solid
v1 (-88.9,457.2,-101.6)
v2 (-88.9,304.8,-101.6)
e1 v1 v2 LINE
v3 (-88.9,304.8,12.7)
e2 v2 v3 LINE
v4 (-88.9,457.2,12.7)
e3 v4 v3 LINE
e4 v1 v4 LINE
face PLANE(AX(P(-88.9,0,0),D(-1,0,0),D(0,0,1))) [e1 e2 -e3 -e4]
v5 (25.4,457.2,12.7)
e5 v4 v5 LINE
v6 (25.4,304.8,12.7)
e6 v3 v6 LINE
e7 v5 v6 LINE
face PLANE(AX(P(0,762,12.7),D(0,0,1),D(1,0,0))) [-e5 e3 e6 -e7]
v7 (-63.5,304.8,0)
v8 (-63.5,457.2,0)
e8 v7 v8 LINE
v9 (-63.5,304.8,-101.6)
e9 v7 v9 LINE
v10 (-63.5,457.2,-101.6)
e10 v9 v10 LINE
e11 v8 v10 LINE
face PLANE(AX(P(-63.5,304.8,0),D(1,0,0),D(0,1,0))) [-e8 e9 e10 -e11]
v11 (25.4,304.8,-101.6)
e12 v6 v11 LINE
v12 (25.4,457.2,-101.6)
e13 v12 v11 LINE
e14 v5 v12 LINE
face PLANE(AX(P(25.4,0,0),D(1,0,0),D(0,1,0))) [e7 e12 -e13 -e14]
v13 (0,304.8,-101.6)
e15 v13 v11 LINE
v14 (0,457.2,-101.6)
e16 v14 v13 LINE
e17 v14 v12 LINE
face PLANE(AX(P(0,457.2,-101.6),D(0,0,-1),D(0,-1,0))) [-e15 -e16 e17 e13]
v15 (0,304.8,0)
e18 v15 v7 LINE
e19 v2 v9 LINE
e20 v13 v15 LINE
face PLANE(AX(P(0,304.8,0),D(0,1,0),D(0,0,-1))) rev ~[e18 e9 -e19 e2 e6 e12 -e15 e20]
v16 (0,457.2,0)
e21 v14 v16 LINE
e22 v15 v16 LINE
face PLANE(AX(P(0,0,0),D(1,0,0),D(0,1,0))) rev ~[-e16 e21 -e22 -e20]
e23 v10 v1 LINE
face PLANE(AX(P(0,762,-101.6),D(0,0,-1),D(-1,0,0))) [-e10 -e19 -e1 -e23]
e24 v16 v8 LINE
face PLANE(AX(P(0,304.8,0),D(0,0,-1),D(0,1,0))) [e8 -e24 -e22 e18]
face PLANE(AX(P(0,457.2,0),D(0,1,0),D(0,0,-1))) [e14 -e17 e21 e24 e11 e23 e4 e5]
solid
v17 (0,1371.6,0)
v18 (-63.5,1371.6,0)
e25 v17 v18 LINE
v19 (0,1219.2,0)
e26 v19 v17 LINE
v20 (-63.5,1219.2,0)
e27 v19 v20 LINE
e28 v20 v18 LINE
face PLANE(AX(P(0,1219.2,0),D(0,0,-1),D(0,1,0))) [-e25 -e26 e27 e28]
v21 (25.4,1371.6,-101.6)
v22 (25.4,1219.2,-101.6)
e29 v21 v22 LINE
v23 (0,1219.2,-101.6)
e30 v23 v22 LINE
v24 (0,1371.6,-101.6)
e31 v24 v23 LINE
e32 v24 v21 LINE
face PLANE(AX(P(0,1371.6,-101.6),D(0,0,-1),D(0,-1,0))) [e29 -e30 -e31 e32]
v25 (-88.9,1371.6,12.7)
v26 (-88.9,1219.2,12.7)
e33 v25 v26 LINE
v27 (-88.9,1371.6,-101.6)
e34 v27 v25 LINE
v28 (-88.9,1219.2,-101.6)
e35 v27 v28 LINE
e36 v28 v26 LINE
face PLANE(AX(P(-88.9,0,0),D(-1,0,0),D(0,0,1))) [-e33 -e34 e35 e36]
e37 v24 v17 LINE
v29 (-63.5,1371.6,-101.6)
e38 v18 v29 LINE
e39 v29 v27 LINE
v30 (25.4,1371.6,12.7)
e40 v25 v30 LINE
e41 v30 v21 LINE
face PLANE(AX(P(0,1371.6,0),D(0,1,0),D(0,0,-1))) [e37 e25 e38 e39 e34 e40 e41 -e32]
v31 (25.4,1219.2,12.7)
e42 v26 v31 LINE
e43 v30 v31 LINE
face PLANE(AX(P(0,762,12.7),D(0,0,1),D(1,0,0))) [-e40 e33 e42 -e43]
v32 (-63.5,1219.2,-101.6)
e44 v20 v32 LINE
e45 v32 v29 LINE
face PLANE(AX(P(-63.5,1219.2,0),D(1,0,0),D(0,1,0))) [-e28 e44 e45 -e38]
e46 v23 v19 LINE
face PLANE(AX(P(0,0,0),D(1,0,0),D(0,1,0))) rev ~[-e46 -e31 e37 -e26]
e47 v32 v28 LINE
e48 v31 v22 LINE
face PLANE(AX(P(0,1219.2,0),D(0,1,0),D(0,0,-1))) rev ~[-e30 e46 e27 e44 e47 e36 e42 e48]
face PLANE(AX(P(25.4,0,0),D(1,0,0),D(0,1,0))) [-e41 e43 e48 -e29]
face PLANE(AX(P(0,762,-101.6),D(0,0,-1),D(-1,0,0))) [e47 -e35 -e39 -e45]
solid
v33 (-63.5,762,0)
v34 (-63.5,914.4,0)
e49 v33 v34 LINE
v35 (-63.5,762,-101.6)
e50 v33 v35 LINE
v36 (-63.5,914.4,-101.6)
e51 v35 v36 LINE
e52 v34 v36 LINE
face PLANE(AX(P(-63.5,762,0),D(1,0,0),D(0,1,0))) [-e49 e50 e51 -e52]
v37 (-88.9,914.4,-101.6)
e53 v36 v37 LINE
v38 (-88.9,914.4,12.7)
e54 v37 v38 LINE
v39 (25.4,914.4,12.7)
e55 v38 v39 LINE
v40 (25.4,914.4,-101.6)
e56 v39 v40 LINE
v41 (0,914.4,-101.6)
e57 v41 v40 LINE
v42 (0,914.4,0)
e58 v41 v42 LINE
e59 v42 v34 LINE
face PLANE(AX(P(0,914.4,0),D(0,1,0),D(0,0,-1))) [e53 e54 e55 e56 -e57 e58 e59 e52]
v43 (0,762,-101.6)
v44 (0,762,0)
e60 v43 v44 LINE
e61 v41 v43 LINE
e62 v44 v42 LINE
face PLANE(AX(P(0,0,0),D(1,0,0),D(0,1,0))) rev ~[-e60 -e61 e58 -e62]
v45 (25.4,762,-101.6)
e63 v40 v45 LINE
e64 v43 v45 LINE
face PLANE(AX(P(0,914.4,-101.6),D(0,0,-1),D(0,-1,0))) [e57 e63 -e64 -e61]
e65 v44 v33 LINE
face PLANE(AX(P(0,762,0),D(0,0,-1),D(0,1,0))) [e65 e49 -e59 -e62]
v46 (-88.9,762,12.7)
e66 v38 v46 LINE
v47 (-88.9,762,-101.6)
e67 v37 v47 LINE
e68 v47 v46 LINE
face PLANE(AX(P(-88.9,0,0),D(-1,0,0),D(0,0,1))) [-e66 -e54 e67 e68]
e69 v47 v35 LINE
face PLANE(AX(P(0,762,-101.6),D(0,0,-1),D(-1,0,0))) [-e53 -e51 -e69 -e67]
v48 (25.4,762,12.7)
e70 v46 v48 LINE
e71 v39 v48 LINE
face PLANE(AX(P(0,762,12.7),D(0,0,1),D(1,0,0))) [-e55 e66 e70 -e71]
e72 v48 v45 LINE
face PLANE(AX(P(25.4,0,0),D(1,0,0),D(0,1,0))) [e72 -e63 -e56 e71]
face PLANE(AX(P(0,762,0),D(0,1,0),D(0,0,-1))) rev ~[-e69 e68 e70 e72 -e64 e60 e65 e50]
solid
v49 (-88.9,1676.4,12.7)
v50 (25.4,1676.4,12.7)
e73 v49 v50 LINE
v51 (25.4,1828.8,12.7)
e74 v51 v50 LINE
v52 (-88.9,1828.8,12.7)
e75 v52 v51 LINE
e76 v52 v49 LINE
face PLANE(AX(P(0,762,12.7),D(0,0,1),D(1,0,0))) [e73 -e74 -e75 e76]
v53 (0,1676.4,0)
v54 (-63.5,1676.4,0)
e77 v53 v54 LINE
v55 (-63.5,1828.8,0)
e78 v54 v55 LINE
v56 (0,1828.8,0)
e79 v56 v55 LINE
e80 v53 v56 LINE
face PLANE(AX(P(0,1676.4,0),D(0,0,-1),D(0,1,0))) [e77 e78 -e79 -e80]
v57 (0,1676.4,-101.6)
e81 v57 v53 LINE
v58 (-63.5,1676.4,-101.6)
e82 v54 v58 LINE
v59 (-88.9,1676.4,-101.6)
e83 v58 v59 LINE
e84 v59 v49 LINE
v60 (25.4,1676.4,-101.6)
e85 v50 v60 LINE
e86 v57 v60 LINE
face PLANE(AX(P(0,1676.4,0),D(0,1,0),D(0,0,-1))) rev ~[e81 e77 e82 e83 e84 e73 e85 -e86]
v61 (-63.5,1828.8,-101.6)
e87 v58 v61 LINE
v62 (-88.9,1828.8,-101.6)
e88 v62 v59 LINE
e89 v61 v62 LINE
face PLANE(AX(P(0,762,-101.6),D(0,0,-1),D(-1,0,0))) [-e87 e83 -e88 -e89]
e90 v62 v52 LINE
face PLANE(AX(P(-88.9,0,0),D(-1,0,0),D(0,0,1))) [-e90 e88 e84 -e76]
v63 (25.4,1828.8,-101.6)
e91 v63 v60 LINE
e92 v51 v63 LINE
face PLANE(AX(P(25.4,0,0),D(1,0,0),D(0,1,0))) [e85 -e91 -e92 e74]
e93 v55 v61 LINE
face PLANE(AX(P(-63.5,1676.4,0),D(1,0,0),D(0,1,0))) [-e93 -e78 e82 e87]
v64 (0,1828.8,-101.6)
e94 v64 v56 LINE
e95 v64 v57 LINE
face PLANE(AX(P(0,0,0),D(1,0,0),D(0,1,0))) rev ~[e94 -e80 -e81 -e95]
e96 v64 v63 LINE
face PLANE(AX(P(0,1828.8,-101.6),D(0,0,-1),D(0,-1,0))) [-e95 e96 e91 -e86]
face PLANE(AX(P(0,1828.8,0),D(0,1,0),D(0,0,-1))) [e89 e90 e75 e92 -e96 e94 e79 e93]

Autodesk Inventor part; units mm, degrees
sketch "Sketch2" plane through (0, 0, 0) normal (1, 0, 0) x (0, 1, 0)
  line L0 (0, 0) -> (0, -1828.8)
  line L1 (0, 0) -> (2133.6, 0)
  line L2 (2133.6, 0) -> (0, -1828.8)
  line L3 (0, 0) -> (152.4, 0)
  line L4 (152.4, 0) -> (685.8, 0)
  line L5 (2133.6, 0) -> (1981.2, 0)
  line L6 (1981.2, 0) -> (1854.2, 0)
  line L7 (1854.2, 0) -> (1549.4, 0)
  line L8 (1549.4, 0) -> (1422.4, 0)
  line L9 (1422.4, 0) -> (1117.6, 0)
  line L10 (1117.6, 0) -> (990.6, 0)
  line L11 (990.6, 0) -> (685.8, 0)
  line L12 (685.8, 0) -> (558.8, 0)
  line L13 (558.8, 0) -> (254, 0)
  line L14 (0, 0) -> (304.8, 0)
  line L15 (304.8, 0) -> (457.2, 0)
  line L16 (457.2, 0) -> (762, 0)
  line L17 (762, 0) -> (914.4, 0)
  line L18 (914.4, 0) -> (1219.2, 0)
  line L19 (1219.2, 0) -> (1371.6, 0)
  line L20 (1371.6, 0) -> (1676.4, 0)
  line L21 (1676.4, 0) -> (1828.8, 0)
  line L22 (304.8, 0) -> (304.8, -101.6)
  line L23 (457.2, 0) -> (457.2, -101.6)
  line L24 (762, 0) -> (762, -101.6)
  line L25 (914.4, 0) -> (914.4, -101.6)
  line L26 (1219.2, 0) -> (1219.2, -101.6)
  line L27 (1371.6, 0) -> (1371.6, -101.6)
  line L28 (1676.4, 0) -> (1676.4, -101.6)
  line L29 (1828.8, 0) -> (1828.8, -101.6)
  line L30 (1828.8, -101.6) -> (1676.4, -101.6)
  line L31 (1371.6, -101.6) -> (1219.2, -101.6)
  line L32 (914.4, -101.6) -> (762, -101.6)
  line L33 (457.2, -101.6) -> (304.8, -101.6)
  point P0 (304.8, -1567.5429)
  point P1 (457.2, -1436.9143)
  point P2 (762, -1175.6571)
  point P3 (914.4, -1045.0286)
  point P4 (1219.2, -783.7714)
  point P5 (1371.6, -653.1429)
  point P6 (1676.4, -391.8857)
  point P7 (1828.8, -261.2571)
  dimension "d1" = 1828.8
  dimension "d3" = 152.4
  dimension "d5" = 152.4
  dimension "d14" = 304.8
  dimension "d15" = 152.4
  dimension "d16" = 304.8
  dimension "d17" = 152.4
  dimension "d18" = 304.8
  dimension "d19" = 152.4
  dimension "d20" = 304.8
  dimension "d21" = 152.4
  dimension "d24" = 2133.6
  dimension "d27" = 101.6
  dimension "d28" = 101.6
  dimension "d29" = 101.6
extrude "Extrusion1" add sketch "Sketch2" along normal blind 25.4 contours L1 L23 L33 L22 | L29 L30 L28 L1 | L1 L25 L32 L24 | L27 L31 L26 L1
ref_plane "Work Plane3" through (12.7, 914.4, 0) normal (0, 0, 1) x (1, 0, 0)
sketch "Sketch5" plane through (0, 762, 0) normal (0, 0, 1) x (1, 0, 0)
  line L0 (25.4, -304.8) -> (25.4, -457.2) projected
  line L1 (0, -304.8) -> (25.4, -304.8) projected
  line L2 (25.4, -457.2) -> (0, -457.2)
  line L3 (0, -457.2) -> (0, -304.8)
  line L4 (0, -304.8) -> (25.4, -304.8)
  line L5 (25.4, -304.8) -> (25.4, -457.2)
  line L6 (25.4, 152.4) -> (25.4, 0) projected
  line L7 (0, 152.4) -> (25.4, 152.4) projected
  line L8 (25.4, 0) -> (0, 0)
  line L9 (0, 0) -> (0, 152.4)
  line L10 (0, 152.4) -> (25.4, 152.4)
  line L11 (25.4, 152.4) -> (25.4, 0)
  line L12 (25.4, 609.6) -> (25.4, 457.2) projected
  line L13 (0, 609.6) -> (0, 457.2) projected
  line L14 (25.4, 457.2) -> (0, 457.2)
  line L15 (0, 457.2) -> (0, 609.6)
  line L16 (0, 609.6) -> (25.4, 609.6)
  line L17 (25.4, 609.6) -> (25.4, 457.2)
  line L18 (25.4, 1066.8) -> (25.4, 914.4) projected
  line L19 (0, 1066.8) -> (0, 914.4) projected
  line L20 (25.4, 914.4) -> (0, 914.4)
  line L21 (0, 914.4) -> (0, 1066.8)
  line L22 (0, 1066.8) -> (25.4, 1066.8)
  line L23 (25.4, 1066.8) -> (25.4, 914.4)
  point P0 (0, -762)
extrude "Extrusion3" add sketch "Sketch5" along normal blind 12.7
ref_plane "Work Plane5" through (0, 0, 0) normal (-1, 0, 0) x (0, 0, 1)
ref_plane "Work Plane4" through (12.7, 0, 0) normal (-1, 0, 0) x (0, 0, 1)
sketch "Sketch6" plane through (0, 0, 0) normal (-1, 0, 0) x (0, 0, 1)
  line L0 (-101.6, 304.8) -> (12.7, 304.8) projected
  line L1 (-101.6, 457.2) -> (12.7, 457.2) projected
  line L2 (12.7, 304.8) -> (0, 304.8)
  line L3 (0, 304.8) -> (0, 457.2)
  line L4 (0, 457.2) -> (12.7, 457.2)
  line L5 (12.7, 457.2) -> (12.7, 304.8)
  line L6 (-101.6, 762) -> (12.7, 762) projected
  line L7 (-101.6, 914.4) -> (12.7, 914.4) projected
  line L8 (12.7, 762) -> (0, 762)
  line L9 (0, 762) -> (0, 914.4)
  line L10 (0, 914.4) -> (12.7, 914.4)
  line L11 (12.7, 914.4) -> (12.7, 762)
  line L12 (12.7, 1371.6) -> (12.7, 1219.2) projected
  line L13 (12.7, 1219.2) -> (0, 1219.2)
  line L14 (0, 1219.2) -> (0, 1371.6)
  line L15 (0, 1371.6) -> (12.7, 1371.6)
  line L16 (12.7, 1371.6) -> (12.7, 1219.2)
  line L17 (-101.6, 1676.4) -> (12.7, 1676.4) projected
  line L18 (-101.6, 1828.8) -> (12.7, 1828.8) projected
  line L19 (12.7, 1676.4) -> (0, 1676.4)
  line L20 (0, 1676.4) -> (0, 1828.8)
  line L21 (0, 1828.8) -> (12.7, 1828.8)
  line L22 (12.7, 1828.8) -> (12.7, 1676.4)
  point P0 (0, 0)
  point P1 (0, 304.8)
  dimension "d33" = 12.7
extrude "Extrusion4" add sketch "Sketch6" along normal blind 88.9
ref_plane "Work Plane6" through (-44.45, 304.8, 0) normal (0, 0, -1) x (-1, 0, 0)
sketch "Sketch7" plane through (0, 762, 0) normal (0, 0, -1) x (-1, 0, 0)
  line L0 (0, 914.4) -> (88.9, 914.4) projected
  line L1 (0, 1066.8) -> (88.9, 1066.8) projected
  line L2 (88.9, 914.4) -> (63.5, 914.4)
  line L3 (63.5, 914.4) -> (63.5, 1066.8)
  line L4 (63.5, 1066.8) -> (88.9, 1066.8)
  line L5 (88.9, 1066.8) -> (88.9, 914.4)
  line L6 (0, 457.2) -> (88.9, 457.2) projected
  line L7 (0, 609.6) -> (88.9, 609.6) projected
  line L8 (88.9, 457.2) -> (63.5, 457.2)
  line L9 (63.5, 457.2) -> (63.5, 609.6)
  line L10 (63.5, 609.6) -> (88.9, 609.6)
  line L11 (88.9, 609.6) -> (88.9, 457.2)
  line L12 (88.9, 152.4) -> (88.9, 0) projected
  line L13 (0, 152.4) -> (88.9, 152.4) projected
  line L14 (88.9, 0) -> (63.5, 0)
  line L15 (63.5, 0) -> (63.5, 152.4)
  line L16 (63.5, 152.4) -> (88.9, 152.4)
  line L17 (88.9, 152.4) -> (88.9, 0)
  line L18 (0, -304.8) -> (88.9, -304.8) projected
  line L19 (88.9, -457.2) -> (63.5, -457.2)
  line L20 (63.5, -457.2) -> (63.5, -304.8)
  line L21 (63.5, -304.8) -> (88.9, -304.8)
  line L22 (88.9, -304.8) -> (88.9, -457.2)
  point P0 (0, -762)
  dimension "d36" = 25.4
extrude "Extrusion5" add sketch "Sketch7" along normal blind 101.6
properties part number "RedLights-ver-1-1111-2021"
